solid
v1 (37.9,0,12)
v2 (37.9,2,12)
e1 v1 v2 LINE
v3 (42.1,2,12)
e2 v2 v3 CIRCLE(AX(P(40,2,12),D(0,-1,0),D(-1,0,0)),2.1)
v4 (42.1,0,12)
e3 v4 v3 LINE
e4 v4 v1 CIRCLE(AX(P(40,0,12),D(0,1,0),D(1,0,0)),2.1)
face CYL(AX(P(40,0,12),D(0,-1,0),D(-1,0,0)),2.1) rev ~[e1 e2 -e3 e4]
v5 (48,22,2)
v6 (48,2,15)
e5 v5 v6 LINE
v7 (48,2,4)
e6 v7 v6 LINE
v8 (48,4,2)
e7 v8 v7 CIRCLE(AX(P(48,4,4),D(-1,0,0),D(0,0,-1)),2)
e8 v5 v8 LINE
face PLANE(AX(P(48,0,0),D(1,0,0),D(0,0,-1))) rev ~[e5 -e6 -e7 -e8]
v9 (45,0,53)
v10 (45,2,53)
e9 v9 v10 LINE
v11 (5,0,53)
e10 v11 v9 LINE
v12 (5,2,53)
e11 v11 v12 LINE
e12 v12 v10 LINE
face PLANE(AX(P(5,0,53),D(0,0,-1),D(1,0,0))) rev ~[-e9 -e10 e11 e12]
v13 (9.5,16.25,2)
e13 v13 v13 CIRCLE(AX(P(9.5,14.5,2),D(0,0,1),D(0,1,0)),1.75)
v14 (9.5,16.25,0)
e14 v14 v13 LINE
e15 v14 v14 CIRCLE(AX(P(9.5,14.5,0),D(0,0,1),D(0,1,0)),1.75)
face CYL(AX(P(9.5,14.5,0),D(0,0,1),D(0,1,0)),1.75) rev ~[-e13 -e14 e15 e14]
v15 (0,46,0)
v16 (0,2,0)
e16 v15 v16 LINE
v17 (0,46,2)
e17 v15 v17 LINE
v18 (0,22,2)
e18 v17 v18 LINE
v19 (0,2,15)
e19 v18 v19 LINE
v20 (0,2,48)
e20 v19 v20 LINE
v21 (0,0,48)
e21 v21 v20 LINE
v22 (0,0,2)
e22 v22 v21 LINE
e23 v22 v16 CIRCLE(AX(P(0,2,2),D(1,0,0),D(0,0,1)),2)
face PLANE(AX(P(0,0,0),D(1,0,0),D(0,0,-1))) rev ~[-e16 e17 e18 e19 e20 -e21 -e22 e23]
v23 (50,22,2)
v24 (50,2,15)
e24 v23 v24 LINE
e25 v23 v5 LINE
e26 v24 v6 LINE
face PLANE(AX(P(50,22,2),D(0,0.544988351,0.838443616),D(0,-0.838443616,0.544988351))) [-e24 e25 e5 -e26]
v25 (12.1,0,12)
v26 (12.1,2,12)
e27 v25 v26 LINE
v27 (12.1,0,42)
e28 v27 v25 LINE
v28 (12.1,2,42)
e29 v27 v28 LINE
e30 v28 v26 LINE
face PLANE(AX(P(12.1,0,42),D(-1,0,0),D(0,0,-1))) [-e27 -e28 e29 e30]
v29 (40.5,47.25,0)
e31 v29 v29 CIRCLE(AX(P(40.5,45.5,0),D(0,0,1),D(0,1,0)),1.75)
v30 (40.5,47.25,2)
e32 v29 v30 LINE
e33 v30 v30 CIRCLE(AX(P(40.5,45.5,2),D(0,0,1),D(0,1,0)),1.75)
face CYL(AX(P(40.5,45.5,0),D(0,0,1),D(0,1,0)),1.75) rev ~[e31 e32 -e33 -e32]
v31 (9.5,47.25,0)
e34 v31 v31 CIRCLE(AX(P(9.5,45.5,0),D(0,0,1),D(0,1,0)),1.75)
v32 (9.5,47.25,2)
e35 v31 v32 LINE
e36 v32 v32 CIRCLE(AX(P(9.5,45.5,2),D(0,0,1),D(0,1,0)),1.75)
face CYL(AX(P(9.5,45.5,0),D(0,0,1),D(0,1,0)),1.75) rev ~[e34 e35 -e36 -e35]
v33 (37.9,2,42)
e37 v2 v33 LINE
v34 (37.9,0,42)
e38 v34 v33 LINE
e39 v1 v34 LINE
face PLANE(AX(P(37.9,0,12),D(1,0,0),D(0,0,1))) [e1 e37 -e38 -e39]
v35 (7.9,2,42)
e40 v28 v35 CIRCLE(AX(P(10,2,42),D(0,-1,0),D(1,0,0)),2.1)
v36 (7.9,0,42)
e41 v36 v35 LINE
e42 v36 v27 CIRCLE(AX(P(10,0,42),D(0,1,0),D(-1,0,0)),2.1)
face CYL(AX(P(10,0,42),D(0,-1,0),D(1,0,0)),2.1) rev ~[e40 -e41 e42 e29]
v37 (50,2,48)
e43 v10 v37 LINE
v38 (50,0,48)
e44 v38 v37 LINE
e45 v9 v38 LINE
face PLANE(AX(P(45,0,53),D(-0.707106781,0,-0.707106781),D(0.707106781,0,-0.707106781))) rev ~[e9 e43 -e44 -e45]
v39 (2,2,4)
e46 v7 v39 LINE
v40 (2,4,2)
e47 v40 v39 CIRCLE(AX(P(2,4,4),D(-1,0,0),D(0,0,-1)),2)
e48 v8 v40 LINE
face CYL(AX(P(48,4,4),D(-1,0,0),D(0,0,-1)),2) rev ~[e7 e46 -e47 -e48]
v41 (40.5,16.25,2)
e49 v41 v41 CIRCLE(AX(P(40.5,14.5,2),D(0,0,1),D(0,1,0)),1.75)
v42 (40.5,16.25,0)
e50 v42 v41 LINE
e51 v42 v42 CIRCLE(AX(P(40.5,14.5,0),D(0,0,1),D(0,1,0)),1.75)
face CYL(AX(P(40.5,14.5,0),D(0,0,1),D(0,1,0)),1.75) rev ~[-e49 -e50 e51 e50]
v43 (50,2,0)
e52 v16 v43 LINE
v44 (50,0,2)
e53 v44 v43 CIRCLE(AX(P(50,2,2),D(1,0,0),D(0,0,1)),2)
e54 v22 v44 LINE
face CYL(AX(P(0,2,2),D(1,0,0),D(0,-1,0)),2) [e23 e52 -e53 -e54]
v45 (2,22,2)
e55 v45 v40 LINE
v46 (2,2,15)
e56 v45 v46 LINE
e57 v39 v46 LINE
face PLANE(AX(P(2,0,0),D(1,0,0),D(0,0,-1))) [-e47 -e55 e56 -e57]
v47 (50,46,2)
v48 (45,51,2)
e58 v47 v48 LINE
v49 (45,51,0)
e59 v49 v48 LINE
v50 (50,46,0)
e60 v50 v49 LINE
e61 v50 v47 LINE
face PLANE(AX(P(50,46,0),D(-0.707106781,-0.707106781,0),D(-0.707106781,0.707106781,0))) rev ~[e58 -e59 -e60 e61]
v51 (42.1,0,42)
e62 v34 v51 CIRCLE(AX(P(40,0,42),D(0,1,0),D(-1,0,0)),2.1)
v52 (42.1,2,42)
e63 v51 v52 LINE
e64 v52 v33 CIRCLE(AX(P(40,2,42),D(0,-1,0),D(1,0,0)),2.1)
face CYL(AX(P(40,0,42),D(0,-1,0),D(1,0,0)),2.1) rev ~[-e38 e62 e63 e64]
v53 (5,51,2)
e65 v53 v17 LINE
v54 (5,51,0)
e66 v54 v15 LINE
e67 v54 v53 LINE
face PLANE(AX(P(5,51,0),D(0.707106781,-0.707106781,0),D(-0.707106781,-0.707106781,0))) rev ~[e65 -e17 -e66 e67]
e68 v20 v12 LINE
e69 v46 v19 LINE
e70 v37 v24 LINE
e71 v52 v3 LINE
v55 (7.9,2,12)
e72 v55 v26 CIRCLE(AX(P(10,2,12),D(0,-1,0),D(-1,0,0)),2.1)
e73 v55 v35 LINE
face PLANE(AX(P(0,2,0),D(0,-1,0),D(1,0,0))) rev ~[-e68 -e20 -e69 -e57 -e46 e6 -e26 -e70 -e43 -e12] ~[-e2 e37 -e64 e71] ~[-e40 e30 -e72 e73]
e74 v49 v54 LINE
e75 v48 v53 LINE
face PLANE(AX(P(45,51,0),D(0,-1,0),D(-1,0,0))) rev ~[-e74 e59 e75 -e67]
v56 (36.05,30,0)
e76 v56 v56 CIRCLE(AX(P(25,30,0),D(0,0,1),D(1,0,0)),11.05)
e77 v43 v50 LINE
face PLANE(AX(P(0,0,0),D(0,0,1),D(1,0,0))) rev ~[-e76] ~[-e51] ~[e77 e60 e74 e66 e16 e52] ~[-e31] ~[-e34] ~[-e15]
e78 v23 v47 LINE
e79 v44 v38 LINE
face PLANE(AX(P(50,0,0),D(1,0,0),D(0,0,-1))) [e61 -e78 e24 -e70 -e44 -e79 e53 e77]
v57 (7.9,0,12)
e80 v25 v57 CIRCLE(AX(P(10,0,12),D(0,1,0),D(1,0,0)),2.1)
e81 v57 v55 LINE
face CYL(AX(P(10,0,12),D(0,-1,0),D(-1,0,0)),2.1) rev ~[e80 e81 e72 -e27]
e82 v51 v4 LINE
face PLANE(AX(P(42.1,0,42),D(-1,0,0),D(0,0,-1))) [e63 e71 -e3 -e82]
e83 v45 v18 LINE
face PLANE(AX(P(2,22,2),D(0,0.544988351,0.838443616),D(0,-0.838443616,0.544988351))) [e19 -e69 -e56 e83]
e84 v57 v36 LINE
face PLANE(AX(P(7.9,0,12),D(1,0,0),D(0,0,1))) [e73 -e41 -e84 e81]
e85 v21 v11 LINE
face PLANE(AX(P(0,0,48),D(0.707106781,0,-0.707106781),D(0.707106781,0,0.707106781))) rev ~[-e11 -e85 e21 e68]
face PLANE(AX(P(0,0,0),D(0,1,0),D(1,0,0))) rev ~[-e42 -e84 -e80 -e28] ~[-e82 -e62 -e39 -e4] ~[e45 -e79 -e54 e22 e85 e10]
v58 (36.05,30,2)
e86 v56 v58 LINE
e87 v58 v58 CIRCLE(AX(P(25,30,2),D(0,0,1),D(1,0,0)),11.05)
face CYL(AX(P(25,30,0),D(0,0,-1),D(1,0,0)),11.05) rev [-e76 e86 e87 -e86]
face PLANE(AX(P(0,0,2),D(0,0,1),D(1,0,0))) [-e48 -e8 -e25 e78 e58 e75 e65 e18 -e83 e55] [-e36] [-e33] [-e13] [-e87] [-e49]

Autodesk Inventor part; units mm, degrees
ref_plane "YZ Plane" through (0, 0, 0) normal (1, 0, 0) x (0, 1, 0)
ref_plane "XZ Plane" through (0, 0, 0) normal (0, 1, 0) x (-1, 0, 0)
ref_plane "XY Plane" through (0, 0, 0) normal (0, 0, 1) x (1, 0, 0)
sketch "Boceto1" plane through (0, 0, 0) normal (0, 0, 1) x (1, 0, 0)
  line L0 (0, 0) -> (50, 0)
  line L1 (50, 0) -> (50, 46)
  line L2 (45, 51) -> (5, 51)
  line L3 (0, 46) -> (0, 0)
  circle A0 centre (25, 30) radius 11.05
  line L4 (5, 51) -> (0, 46)
  line L5 (50, 46) -> (45, 51)
  point P0 (50, 51)
  point P1 (0, 51)
  point P2 (25, 0)
  point P3 (9.5, 45.5)
  point P4 (40.5, 45.5)
  point P5 (9.5, 14.5)
  point P6 (40.5, 14.5)
  dimension "d0" = 50
  dimension "d1" = 51
  dimension "d2" = 21
  dimension "d3" = 22.1
  dimension "d15" = 5
  dimension "d16" = 5
  dimension "d17" = 5
  dimension "d18" = 5
  dimension "d50" = 15.5
  dimension "d51" = 15.5
  dimension "d54" = 31
  dimension "d57" = 31
extrude "Extrusión1" add sketch "Boceto1" along normal blind 2
sketch "Boceto2" plane through (0, 0, 0) normal (0, -1, 0) x (1, 0, 0)
  line L0 (50, 2) -> (0, 2) projected
  line L1 (0, 0) -> (0, 2) projected
  line L2 (0, 0) -> (50, 0) projected
  line L3 (50, 0) -> (50, 2) projected
  line L4 (0, 0) -> (0, 48)
  line L5 (5, 53) -> (45, 53)
  line L6 (50, 48) -> (50, 0)
  line L7 (10, 44.1) -> (10, 44.1)
  line L8 (12.1, 42) -> (12.1, 12)
  line L9 (10, 9.9) -> (10, 9.9)
  line L10 (7.9, 12) -> (7.9, 42)
  arc A0 (10, 44.1) -> (7.9, 42) centre (10, 42) ccw
  arc A1 (12.1, 42) -> (10, 44.1) centre (10, 42) ccw
  arc A2 (7.9, 12) -> (10, 9.9) centre (10, 12) ccw
  arc A3 (10, 9.9) -> (12.1, 12) centre (10, 12) ccw
  line L11 (40, 44.1) -> (40, 44.1)
  line L12 (42.1, 42) -> (42.1, 12)
  line L13 (40, 9.9) -> (40, 9.9)
  line L14 (37.9, 12) -> (37.9, 42)
  arc A4 (40, 44.1) -> (37.9, 42) centre (40, 42) ccw
  arc A5 (42.1, 42) -> (40, 44.1) centre (40, 42) ccw
  arc A6 (37.9, 12) -> (40, 9.9) centre (40, 12) ccw
  arc A7 (40, 9.9) -> (42.1, 12) centre (40, 12) ccw
  line L15 (0, 48) -> (5, 53)
  line L16 (45, 53) -> (50, 48)
  point P0 (0, 53)
  point P1 (50, 53)
  point P2 (7.9, 44.1)
  point P3 (12.1, 44.1)
  point P4 (7.9, 9.9)
  point P5 (37.9, 44.1)
  point P6 (42.1, 44.1)
  point P7 (37.9, 9.9)
  dimension "d21" = 53
  dimension "d24" = 4.2
  dimension "d25" = 7.9
  dimension "d26" = 2.1
  dimension "d27" = 2.1
  dimension "d30" = 30
  dimension "d37" = 5
  dimension "d38" = 5
  dimension "d39" = 5
  dimension "d40" = 5
  dimension "d67" = 30
  dimension "d68" = 11
extrude "Extrusión2" add sketch "Boceto2" against normal blind 2 contours L0 L4 L15 L5 L16 L6
sketch "Boceto3" plane through (50, 0, 0) normal (1, 0, 0) x (0, 0, -1)
  line L0 (-2, 46) -> (-2, 2) projected
  line L1 (-2, 2) -> (-48, 2) projected
  line L2 (-2, 2) -> (-2, 22)
  line L3 (-2, 22) -> (-15, 2)
  line L4 (-15, 2) -> (-2, 2)
  dimension "d41" = 20
  dimension "d42" = 13
extrude "Extrusión3" add sketch "Boceto3" against normal blind 2
pattern_linear "Patrón rectangular1" count 2 spacing 48 along (-1, 0, 0) of "Extrusión3"
fillet "Empalme1" radius 2 1 edges at (25, 2, 2)
fillet "Empalme2" radius 2 1 edges at (25, 0, 0)
hole "Hole1" at (9.5, 45.5, 0) at (40.5, 45.5, 0) at (9.5, 14.5, 0) at (40.5, 14.5, 0) direction (0, 0, 1) diameter 3.5 end through all
equation "\"d16\" = d15"
equation "\"d17\" = d15"
equation "\"d18\" = d17"
equation "\"d38\" = d37"
equation "\"d39\" = d37"
equation "\"d40\" = d39"
properties part number "NEMA17Support"
